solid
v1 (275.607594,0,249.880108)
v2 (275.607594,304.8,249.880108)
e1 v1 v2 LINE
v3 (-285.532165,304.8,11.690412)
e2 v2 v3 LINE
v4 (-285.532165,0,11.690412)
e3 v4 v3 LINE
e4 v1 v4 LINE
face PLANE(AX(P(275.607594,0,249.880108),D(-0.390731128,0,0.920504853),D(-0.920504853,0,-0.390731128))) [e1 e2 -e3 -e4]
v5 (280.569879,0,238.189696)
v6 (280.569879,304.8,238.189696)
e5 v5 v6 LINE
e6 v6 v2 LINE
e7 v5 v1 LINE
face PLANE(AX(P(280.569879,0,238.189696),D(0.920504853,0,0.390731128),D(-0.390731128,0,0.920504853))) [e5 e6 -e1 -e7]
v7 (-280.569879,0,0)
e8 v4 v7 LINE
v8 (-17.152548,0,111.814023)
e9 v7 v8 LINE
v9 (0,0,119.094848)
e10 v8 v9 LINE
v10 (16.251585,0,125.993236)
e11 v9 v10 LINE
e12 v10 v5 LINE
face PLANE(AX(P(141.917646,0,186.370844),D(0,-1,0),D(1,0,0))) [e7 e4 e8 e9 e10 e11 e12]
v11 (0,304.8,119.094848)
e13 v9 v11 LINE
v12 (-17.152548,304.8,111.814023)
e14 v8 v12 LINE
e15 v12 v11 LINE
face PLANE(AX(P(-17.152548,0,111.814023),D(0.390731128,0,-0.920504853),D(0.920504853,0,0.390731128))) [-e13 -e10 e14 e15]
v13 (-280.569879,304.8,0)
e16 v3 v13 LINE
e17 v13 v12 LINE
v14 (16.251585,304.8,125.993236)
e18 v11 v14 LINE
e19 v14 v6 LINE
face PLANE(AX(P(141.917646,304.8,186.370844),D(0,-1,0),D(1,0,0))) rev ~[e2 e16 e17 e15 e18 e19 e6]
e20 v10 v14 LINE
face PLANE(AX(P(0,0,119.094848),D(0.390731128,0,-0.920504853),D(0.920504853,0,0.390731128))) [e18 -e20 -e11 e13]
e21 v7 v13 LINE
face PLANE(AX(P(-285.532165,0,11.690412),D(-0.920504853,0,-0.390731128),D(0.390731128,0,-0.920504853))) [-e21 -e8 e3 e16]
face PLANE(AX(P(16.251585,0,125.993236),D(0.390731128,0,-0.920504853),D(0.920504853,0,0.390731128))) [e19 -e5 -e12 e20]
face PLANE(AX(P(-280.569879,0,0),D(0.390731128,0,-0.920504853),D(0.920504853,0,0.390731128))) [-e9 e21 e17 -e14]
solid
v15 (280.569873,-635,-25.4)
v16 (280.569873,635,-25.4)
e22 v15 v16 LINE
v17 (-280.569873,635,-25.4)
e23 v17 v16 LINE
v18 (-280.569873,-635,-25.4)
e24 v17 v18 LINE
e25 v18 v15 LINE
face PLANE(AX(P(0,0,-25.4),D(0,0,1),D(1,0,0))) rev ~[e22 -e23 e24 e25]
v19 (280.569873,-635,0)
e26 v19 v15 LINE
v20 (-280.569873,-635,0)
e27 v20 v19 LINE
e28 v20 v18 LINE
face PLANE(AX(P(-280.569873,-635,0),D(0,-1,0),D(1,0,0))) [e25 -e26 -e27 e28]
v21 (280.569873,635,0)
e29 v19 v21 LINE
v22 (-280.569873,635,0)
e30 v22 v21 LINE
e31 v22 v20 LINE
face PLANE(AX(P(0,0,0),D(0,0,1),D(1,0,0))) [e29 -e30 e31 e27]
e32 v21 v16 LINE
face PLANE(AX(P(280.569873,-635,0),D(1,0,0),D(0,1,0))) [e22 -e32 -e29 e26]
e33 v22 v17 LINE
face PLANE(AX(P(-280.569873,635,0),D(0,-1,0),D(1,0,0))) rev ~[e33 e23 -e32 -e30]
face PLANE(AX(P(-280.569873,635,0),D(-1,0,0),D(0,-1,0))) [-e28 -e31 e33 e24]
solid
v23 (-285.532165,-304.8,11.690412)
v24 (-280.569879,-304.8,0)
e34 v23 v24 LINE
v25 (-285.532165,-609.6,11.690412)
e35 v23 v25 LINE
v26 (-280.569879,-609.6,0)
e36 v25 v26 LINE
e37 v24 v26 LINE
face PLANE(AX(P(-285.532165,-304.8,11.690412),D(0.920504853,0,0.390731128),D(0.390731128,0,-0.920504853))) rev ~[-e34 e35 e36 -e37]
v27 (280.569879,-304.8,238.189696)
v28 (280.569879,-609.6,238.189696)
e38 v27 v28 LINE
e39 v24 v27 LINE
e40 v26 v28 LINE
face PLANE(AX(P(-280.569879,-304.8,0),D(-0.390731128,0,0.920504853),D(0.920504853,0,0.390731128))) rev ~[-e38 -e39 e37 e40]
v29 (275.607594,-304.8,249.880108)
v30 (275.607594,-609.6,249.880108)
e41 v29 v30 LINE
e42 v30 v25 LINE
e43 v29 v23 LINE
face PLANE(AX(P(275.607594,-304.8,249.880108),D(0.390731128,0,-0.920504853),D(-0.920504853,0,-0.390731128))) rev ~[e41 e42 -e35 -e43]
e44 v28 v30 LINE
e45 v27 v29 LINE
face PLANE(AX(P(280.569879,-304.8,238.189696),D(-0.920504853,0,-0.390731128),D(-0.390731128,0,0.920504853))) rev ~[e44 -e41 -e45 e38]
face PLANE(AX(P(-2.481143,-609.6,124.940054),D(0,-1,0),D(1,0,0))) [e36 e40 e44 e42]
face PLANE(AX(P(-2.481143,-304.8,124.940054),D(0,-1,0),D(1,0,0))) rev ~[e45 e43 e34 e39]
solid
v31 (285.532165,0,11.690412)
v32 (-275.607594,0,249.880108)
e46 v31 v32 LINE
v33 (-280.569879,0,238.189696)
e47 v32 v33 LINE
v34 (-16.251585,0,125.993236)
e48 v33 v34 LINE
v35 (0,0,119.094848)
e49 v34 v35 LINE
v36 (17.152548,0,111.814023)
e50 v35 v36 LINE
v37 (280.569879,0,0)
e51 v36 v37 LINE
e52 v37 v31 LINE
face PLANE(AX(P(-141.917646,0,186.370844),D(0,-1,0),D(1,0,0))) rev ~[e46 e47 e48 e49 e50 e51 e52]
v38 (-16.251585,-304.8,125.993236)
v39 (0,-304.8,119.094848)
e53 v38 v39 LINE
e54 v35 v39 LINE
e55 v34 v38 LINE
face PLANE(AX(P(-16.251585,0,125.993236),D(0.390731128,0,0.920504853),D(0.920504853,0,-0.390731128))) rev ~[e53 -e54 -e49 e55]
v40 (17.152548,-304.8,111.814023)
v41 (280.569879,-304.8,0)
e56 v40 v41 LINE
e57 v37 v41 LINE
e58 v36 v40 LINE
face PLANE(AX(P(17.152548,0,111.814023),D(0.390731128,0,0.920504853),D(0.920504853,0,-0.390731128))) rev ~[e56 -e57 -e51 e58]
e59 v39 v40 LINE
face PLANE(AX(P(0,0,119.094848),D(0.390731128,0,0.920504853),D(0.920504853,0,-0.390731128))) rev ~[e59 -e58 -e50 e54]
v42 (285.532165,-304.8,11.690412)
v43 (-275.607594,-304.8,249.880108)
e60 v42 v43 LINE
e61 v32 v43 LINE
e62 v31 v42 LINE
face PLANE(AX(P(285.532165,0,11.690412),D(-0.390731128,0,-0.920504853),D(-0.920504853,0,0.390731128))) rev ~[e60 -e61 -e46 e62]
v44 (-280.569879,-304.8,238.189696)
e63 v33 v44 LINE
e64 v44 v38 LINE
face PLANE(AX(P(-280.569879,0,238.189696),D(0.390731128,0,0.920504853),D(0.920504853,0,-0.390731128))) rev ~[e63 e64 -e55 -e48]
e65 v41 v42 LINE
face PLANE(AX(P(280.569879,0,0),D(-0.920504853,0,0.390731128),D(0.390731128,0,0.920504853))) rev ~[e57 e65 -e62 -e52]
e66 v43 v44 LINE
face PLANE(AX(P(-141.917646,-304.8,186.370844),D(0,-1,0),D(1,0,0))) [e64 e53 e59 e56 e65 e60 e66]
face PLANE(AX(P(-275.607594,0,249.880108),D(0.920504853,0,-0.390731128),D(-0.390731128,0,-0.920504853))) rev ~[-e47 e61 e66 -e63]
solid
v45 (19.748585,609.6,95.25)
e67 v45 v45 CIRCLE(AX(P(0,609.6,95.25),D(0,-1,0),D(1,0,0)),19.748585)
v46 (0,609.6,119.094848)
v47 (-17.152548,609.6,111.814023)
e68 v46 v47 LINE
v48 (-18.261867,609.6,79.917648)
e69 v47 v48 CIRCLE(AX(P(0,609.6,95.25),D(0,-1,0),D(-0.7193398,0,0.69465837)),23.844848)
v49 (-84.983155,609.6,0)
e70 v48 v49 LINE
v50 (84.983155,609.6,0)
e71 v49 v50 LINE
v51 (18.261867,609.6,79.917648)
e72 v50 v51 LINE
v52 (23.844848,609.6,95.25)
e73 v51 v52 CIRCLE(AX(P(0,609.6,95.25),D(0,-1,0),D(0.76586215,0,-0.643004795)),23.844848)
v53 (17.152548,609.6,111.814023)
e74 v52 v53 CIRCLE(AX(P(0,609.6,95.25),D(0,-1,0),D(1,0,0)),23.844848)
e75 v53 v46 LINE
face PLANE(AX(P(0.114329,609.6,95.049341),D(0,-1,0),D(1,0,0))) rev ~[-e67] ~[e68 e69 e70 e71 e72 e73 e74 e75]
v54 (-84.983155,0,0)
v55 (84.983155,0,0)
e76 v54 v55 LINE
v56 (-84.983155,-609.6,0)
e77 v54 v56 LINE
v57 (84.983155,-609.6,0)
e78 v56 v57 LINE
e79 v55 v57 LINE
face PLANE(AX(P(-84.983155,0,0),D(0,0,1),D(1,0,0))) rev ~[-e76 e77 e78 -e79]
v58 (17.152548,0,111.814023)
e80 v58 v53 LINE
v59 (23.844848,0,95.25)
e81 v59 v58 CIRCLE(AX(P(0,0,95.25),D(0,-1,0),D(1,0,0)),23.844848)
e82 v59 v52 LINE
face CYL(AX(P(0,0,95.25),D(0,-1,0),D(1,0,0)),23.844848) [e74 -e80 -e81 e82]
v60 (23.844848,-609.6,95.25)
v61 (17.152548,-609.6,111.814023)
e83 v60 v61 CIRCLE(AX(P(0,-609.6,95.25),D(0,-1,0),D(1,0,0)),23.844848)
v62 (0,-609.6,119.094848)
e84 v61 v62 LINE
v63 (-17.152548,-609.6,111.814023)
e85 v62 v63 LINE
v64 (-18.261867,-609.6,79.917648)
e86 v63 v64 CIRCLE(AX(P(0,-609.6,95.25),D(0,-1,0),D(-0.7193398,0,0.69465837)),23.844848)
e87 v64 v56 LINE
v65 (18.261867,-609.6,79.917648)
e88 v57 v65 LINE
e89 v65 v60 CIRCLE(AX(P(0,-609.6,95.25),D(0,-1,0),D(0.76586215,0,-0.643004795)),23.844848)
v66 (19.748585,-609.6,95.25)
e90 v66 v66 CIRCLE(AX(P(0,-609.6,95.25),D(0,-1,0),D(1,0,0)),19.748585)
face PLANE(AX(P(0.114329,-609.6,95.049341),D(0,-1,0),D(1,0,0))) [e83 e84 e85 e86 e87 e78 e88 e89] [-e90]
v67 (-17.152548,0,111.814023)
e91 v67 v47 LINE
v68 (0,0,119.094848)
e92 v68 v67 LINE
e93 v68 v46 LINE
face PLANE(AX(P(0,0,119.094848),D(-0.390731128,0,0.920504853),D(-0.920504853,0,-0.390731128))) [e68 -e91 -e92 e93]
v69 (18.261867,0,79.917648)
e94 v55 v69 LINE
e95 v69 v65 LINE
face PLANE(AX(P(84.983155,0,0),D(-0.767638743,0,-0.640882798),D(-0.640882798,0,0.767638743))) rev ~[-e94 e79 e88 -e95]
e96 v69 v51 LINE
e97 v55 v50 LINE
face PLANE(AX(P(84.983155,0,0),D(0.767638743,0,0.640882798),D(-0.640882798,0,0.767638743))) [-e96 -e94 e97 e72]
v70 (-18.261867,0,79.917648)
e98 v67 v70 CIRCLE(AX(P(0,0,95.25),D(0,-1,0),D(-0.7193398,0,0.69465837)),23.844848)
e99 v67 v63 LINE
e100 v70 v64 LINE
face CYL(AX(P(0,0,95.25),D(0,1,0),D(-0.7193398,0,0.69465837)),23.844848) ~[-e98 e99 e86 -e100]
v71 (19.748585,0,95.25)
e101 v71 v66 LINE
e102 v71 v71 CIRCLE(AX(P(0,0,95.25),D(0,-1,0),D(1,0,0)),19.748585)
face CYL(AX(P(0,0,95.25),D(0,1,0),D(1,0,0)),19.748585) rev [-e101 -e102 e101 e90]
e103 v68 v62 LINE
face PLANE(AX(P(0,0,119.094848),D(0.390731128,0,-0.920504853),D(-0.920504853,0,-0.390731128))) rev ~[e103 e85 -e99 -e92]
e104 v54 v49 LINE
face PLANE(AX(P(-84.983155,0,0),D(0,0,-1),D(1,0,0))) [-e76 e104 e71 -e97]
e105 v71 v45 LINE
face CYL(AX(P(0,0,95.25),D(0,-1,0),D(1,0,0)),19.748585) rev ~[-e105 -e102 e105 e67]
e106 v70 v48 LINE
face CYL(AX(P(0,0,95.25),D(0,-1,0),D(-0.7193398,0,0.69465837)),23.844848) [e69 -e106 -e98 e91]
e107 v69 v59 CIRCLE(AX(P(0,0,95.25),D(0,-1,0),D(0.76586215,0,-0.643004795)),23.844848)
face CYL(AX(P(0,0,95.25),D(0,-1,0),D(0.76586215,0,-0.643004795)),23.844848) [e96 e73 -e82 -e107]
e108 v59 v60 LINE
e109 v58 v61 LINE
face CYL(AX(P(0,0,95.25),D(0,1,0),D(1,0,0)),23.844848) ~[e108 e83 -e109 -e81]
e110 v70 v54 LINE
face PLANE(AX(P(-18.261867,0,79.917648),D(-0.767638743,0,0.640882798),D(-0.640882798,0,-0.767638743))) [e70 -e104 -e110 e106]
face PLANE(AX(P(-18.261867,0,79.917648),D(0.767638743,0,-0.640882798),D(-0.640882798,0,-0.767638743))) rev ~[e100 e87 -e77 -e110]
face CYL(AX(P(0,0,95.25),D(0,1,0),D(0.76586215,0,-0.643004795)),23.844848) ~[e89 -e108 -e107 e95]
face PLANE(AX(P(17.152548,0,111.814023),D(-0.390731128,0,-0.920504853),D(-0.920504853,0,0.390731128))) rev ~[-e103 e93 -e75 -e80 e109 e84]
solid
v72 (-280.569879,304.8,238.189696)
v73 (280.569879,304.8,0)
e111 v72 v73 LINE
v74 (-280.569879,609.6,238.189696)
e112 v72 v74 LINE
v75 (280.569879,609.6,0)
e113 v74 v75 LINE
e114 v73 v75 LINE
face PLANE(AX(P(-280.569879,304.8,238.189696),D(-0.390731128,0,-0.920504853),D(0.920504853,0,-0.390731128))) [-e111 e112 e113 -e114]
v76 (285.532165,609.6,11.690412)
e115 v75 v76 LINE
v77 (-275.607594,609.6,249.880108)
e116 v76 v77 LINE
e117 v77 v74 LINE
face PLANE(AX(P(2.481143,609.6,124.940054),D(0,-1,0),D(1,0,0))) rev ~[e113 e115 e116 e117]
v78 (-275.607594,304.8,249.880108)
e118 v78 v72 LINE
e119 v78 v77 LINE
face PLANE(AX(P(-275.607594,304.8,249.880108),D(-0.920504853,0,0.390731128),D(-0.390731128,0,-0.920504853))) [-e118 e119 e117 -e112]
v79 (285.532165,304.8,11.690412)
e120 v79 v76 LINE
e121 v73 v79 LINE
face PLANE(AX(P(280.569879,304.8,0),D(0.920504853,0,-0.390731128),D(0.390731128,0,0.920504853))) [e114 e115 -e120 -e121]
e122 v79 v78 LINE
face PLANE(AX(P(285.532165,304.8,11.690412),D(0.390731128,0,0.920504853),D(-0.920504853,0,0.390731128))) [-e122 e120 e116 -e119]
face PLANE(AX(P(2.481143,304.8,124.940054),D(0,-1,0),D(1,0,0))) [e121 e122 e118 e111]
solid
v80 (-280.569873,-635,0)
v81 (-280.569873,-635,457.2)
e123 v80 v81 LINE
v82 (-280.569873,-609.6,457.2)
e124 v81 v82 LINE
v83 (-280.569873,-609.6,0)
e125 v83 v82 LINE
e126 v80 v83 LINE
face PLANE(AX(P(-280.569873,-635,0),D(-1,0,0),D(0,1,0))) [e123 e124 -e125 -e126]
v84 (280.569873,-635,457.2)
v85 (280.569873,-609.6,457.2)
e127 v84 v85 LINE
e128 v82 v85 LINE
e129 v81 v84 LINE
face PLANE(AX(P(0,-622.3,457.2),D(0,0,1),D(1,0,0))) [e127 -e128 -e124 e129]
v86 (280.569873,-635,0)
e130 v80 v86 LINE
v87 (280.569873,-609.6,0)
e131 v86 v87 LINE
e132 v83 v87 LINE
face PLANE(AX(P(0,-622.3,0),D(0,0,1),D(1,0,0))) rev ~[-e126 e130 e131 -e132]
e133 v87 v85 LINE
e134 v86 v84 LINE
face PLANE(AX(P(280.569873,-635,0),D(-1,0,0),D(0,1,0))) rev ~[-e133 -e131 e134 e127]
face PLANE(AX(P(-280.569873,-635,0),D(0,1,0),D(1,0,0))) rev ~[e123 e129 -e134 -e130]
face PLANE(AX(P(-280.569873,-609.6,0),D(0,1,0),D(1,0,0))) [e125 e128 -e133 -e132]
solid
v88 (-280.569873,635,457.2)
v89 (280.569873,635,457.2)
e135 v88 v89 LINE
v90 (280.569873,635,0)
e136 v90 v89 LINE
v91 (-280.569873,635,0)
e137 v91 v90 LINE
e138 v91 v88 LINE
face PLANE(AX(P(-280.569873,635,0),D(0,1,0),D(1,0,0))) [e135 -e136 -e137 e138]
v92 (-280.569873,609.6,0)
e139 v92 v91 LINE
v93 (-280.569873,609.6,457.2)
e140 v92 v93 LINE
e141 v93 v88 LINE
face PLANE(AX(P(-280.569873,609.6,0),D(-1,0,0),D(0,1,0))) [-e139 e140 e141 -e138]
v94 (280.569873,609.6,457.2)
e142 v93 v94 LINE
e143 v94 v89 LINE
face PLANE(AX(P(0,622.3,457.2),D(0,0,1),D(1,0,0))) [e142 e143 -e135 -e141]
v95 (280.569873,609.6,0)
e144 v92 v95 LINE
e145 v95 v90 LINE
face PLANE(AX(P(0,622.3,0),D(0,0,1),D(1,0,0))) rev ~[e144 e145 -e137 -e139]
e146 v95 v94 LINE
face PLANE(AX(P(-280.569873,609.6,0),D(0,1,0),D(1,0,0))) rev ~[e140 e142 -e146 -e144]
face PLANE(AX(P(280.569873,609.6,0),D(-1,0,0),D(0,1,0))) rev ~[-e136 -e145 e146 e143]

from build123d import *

# Parameters (mm, degrees)
F2_DEPTH      = 304.8
F3_START      = -609.6
F3_DEPTH      = 304.8
F4_DEPTH      = 304.8
F5_START      = 304.8
F5_DEPTH      = 304.8
F1_R          = 19.7485849545
F6_DEPTH      = 609.6
F6_DEPTH_BACK = 609.6
F0_W          = 561.1397464
F0_H          = 25.4
F7_DEPTH      = 457.2
F0_H_2        = 1219.2
F8_DEPTH      = 25.4


with BuildPart() as f2:
    # F1 (on Front) → F2 (new body)
    with BuildSketch(Plane.XZ):
        Polygon((-280.5698793323, 238.1896959271), (-16.2515846243, 125.9932363601), (0, 132.8916247566), (-275.6075940005, 249.8801075659), align=None)
        with BuildLine():
            Line((16.2515846243, 125.9932363601), (0, 119.0948479635))
            ThreePointArc((0, 119.0948479635), (9.3169243534, 117.1992982803), (17.1525481732, 111.8140232302))
            Line((17.1525481732, 111.8140232302), (280.5698793323, 0))
            Line((280.5698793323, 0), (285.5321646641, 11.6904116388))
            Line((285.5321646641, 11.6904116388), (16.2515846243, 125.9932363601))
        make_face()
        Polygon((-16.2515846243, 125.9932363601), (0, 119.0948479635), (16.2515846243, 125.9932363601), (0, 132.8916247566), align=None)
        with BuildLine():
            ThreePointArc((17.1525481732, 111.8140232302), (9.3169243534, 117.1992982803), (0, 119.0948479635))
            Line((0, 119.0948479635), (17.1525481732, 111.8140232302))
        make_face()
    extrude(amount=F2_DEPTH)


with BuildPart() as f3:
    # F2_face (on face) → F3 (new body)
    with BuildSketch(Plane(origin=(2.4811426659, -304.8, 124.940053783), x_dir=(1, 0, 0), z_dir=(0, -1, 0)).offset(F3_START)):
        Polygon((-278.0887366664, 124.940053783), (-283.0510219982, 113.2496421441), (278.0887366664, -124.940053783), (283.0510219982, -113.2496421441), align=None)
    extrude(amount=-F3_DEPTH)


with BuildPart() as f4:
    # F1 (on Front) → F4 (new body)
    with BuildSketch(Plane.XZ):
        Polygon((0, 132.8916247566), (16.2515846243, 125.9932363601), (280.5698793323, 238.1896959271), (275.6075940005, 249.8801075659), align=None)
        Polygon((-16.2515846243, 125.9932363601), (0, 119.0948479635), (16.2515846243, 125.9932363601), (0, 132.8916247566), align=None)
        with BuildLine():
            Line((-17.1525481732, 111.8140232302), (0, 119.0948479635))
            ThreePointArc((0, 119.0948479635), (-9.3169243534, 117.1992982803), (-17.1525481732, 111.8140232302))
        make_face()
        with BuildLine():
            ThreePointArc((-17.1525481732, 111.8140232302), (-9.3169243534, 117.1992982803), (0, 119.0948479635))
            Line((0, 119.0948479635), (-16.2515846243, 125.9932363601))
            Line((-16.2515846243, 125.9932363601), (-285.5321646641, 11.6904116388))
            Line((-285.5321646641, 11.6904116388), (-280.5698793323, 0))
            Line((-280.5698793323, 0), (-17.1525481732, 111.8140232302))
        make_face()
    extrude(amount=-F4_DEPTH)


with BuildPart() as f5:
    # F4_face (on face) → F5 (new body)
    with BuildSketch(Plane(origin=(-2.4811426659, 0, 124.940053783), x_dir=(1, 0, 0), z_dir=(0, -1, 0)).offset(F5_START)):
        Polygon((283.0510219982, 113.2496421441), (278.0887366664, 124.940053783), (-283.0510219982, -113.2496421441), (-278.0887366664, -124.940053783), align=None)
    extrude(amount=F5_DEPTH)


with BuildPart() as f6:
    # F1 (on Front) → F6 (new body, two sides)
    with BuildSketch(Plane.XZ) as f6_sk:
        with BuildLine():
            Line((17.1525481732, 111.8140232302), (0, 119.0948479635))
            Line((0, 119.0948479635), (-17.1525481732, 111.8140232302))
            ThreePointArc((-17.1525481732, 111.8140232302), (-23.8304400681, 96.0787946457), (-18.2618665319, 79.9176484134))
            ThreePointArc((-18.2618665319, 79.9176484134), (0, 71.4051520365), (18.2618665319, 79.9176484134))
            ThreePointArc((18.2618665319, 79.9176484134), (22.4056712172, 87.0914050407), (23.8448479635, 95.25))
            ThreePointArc((23.8448479635, 95.25), (22.1085580464, 104.1824372661), (17.1525481732, 111.8140232302))
        make_face()
        with Locations((0, 95.25)):
            Circle(F1_R, mode=Mode.SUBTRACT)
        with BuildLine():
            ThreePointArc((18.2618665319, 79.9176484134), (0, 71.4051520365), (-18.2618665319, 79.9176484134))
            Line((-18.2618665319, 79.9176484134), (-84.9831551313, 0))
            Line((-84.9831551313, 0), (84.9831551313, 0))
            Line((84.9831551313, 0), (18.2618665319, 79.9176484134))
        make_face()
    extrude(amount=-F6_DEPTH)
    extrude(f6_sk.sketch, amount=F6_DEPTH_BACK)


with BuildPart() as f7:
    # F0 (on Top) → F7 (new body)
    with BuildSketch(Plane.XY):
        with Locations((0, 622.3)):
            Rectangle(F0_W, F0_H)
    extrude(amount=F7_DEPTH)


with BuildPart() as f7b:
    # F0 (on Top) → F7, piece 2 (new body)
    with BuildSketch(Plane.XY):
        with Locations((0, -622.3)):
            Rectangle(F0_W, F0_H)
    extrude(amount=F7_DEPTH)


with BuildPart() as f8:
    # F0 (on Top) → F8 (new body)
    with BuildSketch(Plane.XY):
        Rectangle(F0_W, F0_H_2)
        with Locations((0, -622.3)):
            Rectangle(F0_W, F0_H)
        with Locations((0, 622.3)):
            Rectangle(F0_W, F0_H)
    extrude(amount=-F8_DEPTH)


solid = Compound([f2.part, f3.part, f4.part, f5.part, f6.part, f7.part, f7b.part, f8.part])
